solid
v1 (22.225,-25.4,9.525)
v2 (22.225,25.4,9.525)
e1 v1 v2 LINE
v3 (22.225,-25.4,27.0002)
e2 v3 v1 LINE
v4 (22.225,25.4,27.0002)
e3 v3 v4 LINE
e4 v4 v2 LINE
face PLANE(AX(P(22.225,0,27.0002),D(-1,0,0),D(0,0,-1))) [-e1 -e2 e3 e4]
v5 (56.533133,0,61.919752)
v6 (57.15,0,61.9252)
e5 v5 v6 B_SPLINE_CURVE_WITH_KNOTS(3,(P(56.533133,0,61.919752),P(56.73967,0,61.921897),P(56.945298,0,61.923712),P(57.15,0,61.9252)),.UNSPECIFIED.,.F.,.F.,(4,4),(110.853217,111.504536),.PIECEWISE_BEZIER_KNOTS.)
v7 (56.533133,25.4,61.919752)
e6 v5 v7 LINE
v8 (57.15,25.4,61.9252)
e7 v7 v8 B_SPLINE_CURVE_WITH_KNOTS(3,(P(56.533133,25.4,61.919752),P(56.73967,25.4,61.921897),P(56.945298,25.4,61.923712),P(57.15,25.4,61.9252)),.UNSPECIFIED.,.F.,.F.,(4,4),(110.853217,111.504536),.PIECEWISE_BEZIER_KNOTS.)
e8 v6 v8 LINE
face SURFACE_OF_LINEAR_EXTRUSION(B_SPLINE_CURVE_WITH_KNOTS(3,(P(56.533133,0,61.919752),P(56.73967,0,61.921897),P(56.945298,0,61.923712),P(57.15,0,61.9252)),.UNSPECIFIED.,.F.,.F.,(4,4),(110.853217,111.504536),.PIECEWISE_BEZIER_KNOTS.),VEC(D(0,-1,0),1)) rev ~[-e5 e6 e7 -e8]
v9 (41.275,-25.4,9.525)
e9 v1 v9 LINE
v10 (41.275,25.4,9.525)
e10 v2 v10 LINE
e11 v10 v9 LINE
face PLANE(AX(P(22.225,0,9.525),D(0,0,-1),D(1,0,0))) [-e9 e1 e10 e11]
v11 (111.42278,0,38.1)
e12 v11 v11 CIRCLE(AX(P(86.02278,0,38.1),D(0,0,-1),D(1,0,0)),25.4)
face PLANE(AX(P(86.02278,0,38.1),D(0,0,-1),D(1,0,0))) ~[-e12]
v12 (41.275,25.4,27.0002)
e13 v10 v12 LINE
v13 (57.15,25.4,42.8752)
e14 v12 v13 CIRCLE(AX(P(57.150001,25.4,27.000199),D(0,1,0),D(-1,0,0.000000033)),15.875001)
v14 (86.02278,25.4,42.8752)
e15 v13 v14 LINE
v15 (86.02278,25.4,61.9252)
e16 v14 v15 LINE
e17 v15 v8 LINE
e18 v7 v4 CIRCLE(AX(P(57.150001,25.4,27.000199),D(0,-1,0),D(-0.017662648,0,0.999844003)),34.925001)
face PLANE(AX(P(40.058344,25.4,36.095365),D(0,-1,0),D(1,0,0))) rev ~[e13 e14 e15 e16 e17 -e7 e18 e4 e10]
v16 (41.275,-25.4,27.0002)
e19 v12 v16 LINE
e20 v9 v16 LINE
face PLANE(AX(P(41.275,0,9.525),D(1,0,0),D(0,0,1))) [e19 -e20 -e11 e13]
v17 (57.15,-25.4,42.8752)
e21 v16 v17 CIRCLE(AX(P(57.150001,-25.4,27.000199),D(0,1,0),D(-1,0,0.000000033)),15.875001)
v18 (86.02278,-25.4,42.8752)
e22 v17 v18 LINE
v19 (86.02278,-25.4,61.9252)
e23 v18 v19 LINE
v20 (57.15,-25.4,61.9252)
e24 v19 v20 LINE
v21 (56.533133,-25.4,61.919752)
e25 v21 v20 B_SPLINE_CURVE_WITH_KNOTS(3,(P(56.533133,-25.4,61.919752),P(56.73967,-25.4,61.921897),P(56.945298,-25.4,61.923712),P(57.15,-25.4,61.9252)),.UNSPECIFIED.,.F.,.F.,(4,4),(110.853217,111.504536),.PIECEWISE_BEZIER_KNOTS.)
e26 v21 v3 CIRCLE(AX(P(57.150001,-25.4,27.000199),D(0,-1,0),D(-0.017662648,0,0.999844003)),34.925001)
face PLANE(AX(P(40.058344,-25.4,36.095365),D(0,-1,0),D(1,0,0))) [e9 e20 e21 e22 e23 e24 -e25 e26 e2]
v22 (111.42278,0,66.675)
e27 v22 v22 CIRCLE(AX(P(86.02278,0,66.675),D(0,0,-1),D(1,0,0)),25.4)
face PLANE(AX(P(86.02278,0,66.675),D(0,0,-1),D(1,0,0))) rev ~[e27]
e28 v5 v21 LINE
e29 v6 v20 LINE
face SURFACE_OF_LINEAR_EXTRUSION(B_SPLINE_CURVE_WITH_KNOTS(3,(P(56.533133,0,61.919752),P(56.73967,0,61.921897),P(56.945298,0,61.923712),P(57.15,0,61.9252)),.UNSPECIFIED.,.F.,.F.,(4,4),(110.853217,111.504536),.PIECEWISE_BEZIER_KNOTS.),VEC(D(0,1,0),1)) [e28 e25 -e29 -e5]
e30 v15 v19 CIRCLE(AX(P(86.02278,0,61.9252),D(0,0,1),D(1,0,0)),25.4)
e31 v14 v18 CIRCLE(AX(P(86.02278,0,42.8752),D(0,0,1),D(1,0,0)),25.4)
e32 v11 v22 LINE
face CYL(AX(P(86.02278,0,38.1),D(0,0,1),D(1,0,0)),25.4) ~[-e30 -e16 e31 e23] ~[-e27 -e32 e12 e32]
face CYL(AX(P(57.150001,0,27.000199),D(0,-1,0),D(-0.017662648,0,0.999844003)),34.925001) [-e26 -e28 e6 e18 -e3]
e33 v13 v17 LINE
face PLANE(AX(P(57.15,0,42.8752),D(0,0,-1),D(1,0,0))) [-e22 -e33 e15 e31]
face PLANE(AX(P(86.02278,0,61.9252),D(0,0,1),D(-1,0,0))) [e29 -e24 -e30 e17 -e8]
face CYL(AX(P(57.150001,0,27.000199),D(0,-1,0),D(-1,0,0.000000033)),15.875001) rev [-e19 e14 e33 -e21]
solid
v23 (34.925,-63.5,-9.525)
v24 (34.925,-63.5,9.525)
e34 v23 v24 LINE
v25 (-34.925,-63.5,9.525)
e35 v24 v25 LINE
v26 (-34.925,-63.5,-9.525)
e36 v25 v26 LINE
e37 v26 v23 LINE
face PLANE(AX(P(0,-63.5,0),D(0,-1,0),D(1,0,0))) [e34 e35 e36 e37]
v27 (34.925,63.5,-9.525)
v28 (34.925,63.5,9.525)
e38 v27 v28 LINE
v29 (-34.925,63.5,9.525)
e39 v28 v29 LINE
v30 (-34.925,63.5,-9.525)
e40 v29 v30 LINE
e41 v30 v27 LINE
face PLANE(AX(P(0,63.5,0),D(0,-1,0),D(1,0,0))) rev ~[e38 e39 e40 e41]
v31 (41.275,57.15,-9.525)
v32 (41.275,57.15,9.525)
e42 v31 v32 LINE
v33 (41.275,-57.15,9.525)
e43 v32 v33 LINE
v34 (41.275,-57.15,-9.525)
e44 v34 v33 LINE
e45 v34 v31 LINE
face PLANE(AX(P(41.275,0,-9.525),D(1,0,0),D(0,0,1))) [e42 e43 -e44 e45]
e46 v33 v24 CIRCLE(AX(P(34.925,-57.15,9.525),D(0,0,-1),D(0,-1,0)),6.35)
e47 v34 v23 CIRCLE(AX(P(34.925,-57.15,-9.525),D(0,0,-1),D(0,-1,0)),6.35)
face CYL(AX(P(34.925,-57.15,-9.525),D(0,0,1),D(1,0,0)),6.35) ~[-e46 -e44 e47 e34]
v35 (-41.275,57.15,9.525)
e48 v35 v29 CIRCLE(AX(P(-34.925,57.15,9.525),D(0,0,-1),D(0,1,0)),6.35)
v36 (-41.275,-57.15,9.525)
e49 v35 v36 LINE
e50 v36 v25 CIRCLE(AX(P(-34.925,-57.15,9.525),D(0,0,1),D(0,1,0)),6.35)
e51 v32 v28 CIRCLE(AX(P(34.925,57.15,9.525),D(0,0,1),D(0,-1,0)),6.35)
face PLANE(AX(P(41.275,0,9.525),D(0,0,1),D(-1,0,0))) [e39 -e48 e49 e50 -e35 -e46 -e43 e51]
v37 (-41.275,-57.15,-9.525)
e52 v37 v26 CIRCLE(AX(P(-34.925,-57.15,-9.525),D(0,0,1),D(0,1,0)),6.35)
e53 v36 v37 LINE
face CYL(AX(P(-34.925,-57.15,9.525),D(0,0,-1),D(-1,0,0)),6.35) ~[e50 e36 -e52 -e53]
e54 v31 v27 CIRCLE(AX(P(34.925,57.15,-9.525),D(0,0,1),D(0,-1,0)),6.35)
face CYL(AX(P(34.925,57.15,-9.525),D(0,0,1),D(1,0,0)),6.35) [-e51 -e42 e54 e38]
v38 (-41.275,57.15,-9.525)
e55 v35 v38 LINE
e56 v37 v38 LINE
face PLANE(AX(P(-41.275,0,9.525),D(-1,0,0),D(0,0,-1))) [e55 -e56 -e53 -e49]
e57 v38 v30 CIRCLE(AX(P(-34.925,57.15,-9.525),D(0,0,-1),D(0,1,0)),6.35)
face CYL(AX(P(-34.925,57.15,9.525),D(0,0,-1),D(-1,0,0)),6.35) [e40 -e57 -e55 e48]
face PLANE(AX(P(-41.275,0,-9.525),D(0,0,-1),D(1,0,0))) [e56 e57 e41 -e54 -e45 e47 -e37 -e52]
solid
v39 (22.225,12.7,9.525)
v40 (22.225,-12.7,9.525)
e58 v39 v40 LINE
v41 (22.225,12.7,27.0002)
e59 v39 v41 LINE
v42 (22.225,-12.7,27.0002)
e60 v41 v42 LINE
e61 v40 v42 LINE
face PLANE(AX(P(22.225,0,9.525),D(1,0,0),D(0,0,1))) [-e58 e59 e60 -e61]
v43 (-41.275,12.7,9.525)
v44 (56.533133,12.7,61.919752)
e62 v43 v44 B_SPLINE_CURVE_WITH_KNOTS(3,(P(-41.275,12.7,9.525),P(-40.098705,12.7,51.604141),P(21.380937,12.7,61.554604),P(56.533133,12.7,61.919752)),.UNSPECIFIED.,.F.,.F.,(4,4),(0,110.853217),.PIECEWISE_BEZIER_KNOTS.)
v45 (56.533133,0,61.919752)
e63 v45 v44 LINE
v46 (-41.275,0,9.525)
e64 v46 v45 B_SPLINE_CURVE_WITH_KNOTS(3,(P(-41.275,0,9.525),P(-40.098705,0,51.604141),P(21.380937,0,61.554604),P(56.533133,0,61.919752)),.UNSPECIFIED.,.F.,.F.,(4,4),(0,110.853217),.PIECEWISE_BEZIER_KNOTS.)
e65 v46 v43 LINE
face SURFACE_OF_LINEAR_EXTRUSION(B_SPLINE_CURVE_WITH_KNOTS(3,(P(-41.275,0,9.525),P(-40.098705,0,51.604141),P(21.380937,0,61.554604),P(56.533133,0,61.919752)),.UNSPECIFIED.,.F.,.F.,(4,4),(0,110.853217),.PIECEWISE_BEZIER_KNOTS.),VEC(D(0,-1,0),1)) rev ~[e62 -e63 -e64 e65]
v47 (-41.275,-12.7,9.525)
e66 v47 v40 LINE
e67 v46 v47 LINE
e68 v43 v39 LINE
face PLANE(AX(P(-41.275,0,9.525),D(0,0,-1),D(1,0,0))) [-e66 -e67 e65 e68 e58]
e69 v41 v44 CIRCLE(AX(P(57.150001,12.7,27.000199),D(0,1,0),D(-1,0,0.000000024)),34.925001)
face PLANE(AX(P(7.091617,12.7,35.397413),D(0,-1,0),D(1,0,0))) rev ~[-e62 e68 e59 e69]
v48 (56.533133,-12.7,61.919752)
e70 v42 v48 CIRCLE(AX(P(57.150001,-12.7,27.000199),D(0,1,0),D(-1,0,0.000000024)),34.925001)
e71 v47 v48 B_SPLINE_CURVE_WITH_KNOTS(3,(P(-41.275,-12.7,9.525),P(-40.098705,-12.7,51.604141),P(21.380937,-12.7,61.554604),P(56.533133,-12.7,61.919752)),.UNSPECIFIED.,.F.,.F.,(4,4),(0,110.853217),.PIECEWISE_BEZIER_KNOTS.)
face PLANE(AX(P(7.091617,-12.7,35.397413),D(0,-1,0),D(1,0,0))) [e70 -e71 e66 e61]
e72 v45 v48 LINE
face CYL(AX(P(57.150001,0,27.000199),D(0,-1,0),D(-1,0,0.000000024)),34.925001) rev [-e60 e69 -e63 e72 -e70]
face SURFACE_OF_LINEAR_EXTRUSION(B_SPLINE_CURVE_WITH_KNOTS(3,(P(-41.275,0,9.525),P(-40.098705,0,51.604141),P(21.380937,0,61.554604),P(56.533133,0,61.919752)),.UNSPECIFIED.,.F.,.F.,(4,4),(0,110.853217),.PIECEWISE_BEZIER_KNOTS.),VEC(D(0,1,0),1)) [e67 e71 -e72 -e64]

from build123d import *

# Parameters (mm, degrees)
F1_DEPTH = 63.5
F0_W     = 25.4
F0_H     = 19.05
F2_DEPTH = 25.4
F3_DEPTH = 12.7
F5_R     = 6.35


with BuildPart() as f1:
    # F0 (on Front) → F1 (new body, symmetric)
    with BuildSketch(Plane.XZ):
        Polygon((41.275, -9.525), (41.275, 9.525), (22.225, 9.525), (-41.275, 9.525), (-41.275, -9.525), align=None)
    extrude(amount=F1_DEPTH, both=True)

    # F5
    f5_edges = [f1.edges().sort_by_distance(p)[0] for p in [
        (41.275, -63.5, 0),
        (-41.275, -63.5, 0),
        (41.275, 63.5, 0),
        (-41.275, 63.5, 0),
    ]]
    fillet(f5_edges, radius=F5_R)


with BuildPart() as f2:
    # F0 (on Front) → F2 (new body, symmetric)
    with BuildSketch(Plane.XZ):
        with BuildLine():
            Line((22.225, 9.525), (41.275, 9.525))
            Line((41.275, 9.525), (41.275, 27.0002))
            ThreePointArc((41.275, 27.0002), (45.92468, 38.22552), (57.15, 42.8752))
            Line((57.15, 42.8752), (60.62278, 42.8752))
            Line((60.62278, 42.8752), (60.62278, 61.9252))
            Line((60.62278, 61.9252), (57.15, 61.9252))
            add(Edge.make_bspline(
                [(56.533133, 61.919752), (56.73967, 61.921897), (56.945298, 61.923712), (57.15, 61.9252)],
                knots=[110.853217, 110.853217, 110.853217, 110.853217, 111.504536, 111.504536, 111.504536, 111.504536], degree=3))
            ThreePointArc((56.533133, 61.919752), (32.237155, 51.476837), (22.225, 27.0002))
            Line((22.225, 27.0002), (22.225, 9.525))
        make_face()
        with Locations((73.32278, 52.4002)):
            Rectangle(F0_W, F0_H)
    extrude(amount=F2_DEPTH, both=True)

    # F0 (on Front) → F4 (revolve)
    with BuildSketch(Plane.XZ):
        Polygon((86.02278, 61.9252), (86.02278, 42.8752), (86.02278, 38.1), (111.42278, 38.1), (111.42278, 66.675), (86.02278, 66.675), align=None)
    revolve(axis=Axis((86.02278, 0, 52.4002), (0, 0, -1)))


with BuildPart() as f3:
    # F0 (on Front) → F3 (new body, symmetric)
    with BuildSketch(Plane.XZ):
        with BuildLine():
            Line((-41.275, 9.525), (22.225, 9.525))
            Line((22.225, 9.525), (22.225, 27.0002))
            ThreePointArc((22.225, 27.0002), (32.237155, 51.476837), (56.533133, 61.919752))
            add(Edge.make_bspline(
                [(-41.275, 9.525), (-40.098705, 51.604141), (21.380937, 61.554604), (56.533133, 61.919752)],
                knots=[0, 0, 0, 0, 110.853217, 110.853217, 110.853217, 110.853217], degree=3))
        make_face()
    extrude(amount=F3_DEPTH, both=True)


solid = Compound([f1.part, f2.part, f3.part])
